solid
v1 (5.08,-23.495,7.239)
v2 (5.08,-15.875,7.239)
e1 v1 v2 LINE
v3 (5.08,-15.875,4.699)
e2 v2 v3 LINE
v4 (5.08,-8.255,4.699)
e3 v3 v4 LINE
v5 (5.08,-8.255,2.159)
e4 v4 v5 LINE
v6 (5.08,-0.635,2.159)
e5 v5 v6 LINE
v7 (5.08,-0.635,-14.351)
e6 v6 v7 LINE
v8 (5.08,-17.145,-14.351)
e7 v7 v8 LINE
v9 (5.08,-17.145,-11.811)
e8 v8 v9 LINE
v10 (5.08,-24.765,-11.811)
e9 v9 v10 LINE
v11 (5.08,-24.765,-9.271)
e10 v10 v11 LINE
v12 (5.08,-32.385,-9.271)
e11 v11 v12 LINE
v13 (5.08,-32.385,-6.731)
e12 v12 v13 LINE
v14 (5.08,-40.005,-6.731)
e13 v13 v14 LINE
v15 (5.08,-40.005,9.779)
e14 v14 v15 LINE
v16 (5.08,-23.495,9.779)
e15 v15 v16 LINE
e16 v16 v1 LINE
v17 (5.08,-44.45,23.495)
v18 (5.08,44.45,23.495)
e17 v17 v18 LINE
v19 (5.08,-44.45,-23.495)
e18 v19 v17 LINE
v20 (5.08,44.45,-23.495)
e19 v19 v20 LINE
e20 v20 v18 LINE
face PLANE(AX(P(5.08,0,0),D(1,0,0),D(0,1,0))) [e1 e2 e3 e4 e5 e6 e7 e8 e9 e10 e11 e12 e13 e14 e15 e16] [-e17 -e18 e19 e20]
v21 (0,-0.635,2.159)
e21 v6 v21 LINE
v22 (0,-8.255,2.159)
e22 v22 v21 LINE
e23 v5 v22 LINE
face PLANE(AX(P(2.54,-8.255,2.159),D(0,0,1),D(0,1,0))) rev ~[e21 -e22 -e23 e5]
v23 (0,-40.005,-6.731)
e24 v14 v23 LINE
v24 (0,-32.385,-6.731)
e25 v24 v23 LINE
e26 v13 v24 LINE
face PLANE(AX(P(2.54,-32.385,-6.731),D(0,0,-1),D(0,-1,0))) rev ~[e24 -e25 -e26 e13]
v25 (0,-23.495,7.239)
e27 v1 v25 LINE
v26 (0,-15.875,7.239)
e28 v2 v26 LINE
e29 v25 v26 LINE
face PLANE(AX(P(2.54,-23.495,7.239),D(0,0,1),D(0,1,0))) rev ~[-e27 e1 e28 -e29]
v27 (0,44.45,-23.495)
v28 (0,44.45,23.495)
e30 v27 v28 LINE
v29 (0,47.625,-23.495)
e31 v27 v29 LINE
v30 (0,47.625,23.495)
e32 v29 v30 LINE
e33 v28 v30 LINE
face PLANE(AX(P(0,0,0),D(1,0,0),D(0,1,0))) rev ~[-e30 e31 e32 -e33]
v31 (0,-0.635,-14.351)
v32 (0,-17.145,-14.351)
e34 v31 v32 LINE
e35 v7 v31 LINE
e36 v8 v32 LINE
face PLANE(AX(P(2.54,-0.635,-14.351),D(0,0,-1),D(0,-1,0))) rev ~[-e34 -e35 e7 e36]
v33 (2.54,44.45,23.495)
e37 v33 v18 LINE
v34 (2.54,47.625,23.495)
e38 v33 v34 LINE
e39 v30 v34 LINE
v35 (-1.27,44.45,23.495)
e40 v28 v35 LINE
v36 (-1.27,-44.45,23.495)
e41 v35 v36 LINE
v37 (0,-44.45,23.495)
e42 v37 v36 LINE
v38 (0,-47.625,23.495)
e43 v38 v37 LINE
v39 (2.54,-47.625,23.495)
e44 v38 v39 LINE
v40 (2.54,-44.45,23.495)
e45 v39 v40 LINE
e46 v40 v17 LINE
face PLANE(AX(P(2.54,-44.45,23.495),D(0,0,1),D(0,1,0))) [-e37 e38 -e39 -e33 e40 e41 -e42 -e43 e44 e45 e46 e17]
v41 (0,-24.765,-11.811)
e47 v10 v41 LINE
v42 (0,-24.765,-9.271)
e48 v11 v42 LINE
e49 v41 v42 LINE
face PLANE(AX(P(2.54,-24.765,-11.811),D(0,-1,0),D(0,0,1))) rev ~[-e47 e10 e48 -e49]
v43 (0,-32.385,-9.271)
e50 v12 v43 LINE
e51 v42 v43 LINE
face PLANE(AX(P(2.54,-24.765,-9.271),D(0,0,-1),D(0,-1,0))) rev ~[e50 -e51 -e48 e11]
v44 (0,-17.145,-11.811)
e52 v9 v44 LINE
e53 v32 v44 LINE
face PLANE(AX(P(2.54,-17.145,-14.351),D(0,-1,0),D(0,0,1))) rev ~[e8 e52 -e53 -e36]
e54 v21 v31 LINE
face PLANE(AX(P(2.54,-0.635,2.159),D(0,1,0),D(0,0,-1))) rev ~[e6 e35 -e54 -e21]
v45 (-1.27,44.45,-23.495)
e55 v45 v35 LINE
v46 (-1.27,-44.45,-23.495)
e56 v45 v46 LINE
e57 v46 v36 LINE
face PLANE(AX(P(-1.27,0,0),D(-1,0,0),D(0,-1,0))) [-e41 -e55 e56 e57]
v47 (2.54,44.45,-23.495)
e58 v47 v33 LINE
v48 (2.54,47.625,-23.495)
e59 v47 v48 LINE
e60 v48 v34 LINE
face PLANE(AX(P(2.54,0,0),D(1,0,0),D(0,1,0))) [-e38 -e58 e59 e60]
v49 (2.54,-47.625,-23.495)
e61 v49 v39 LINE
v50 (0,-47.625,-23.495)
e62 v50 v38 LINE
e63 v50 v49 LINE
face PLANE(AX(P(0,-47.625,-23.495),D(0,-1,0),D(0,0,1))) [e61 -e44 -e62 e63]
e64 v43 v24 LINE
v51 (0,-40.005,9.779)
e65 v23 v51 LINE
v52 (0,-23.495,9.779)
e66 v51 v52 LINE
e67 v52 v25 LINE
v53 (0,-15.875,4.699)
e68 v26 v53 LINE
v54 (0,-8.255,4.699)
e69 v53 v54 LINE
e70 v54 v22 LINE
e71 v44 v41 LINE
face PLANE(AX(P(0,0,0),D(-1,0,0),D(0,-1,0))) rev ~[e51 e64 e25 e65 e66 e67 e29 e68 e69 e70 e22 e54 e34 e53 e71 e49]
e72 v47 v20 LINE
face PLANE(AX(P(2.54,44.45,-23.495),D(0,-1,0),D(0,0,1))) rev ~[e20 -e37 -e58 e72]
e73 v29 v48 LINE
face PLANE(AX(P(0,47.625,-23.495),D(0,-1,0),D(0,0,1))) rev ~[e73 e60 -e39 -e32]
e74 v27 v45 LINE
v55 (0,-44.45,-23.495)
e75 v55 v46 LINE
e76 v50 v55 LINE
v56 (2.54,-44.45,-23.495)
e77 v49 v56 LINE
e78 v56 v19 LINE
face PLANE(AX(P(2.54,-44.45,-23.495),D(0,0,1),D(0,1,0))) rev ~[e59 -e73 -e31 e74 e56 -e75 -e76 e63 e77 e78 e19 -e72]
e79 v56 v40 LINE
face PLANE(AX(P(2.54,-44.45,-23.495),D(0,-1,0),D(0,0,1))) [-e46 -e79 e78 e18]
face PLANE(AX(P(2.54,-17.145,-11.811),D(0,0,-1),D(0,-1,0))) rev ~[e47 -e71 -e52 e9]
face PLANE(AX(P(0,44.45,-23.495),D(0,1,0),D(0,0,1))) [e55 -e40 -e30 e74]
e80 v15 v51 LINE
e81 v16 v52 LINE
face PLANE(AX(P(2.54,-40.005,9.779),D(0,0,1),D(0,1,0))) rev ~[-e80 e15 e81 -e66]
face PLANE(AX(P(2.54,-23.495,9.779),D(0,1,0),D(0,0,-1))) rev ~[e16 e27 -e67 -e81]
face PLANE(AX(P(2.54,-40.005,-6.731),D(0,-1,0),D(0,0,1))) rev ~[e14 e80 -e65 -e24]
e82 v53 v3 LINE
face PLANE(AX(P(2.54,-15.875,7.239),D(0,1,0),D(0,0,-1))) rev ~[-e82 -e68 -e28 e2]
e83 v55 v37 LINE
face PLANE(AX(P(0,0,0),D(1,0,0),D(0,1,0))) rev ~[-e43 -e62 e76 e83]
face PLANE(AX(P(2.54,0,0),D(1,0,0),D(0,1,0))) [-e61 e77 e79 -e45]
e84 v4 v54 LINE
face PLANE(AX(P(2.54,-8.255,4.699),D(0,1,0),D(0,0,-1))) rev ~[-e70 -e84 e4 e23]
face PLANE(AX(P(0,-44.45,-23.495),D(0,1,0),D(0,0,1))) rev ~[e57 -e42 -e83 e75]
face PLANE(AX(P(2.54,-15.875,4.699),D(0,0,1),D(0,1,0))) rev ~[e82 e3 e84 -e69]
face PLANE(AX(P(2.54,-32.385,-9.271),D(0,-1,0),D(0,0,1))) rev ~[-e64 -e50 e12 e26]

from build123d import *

# Parameters (mm, degrees)
F0_W     = 95.25
F0_H     = 46.99
F1_DEPTH = 2.54
F2_W     = 88.9
F2_H     = 46.99
F3_DEPTH = 1.27
F4_W     = 88.9
F4_H     = 46.99
F5_DEPTH = 2.54


with BuildPart() as f1:
    # F0 (on Right) → F1 (new body)
    with BuildSketch(Plane.YZ):
        Rectangle(F0_W, F0_H)
        Polygon((-0.635, 2.159), (-0.635, -14.351), (-17.145, -14.351), (-17.145, -11.811), (-24.765, -11.811), (-24.765, -9.271), (-32.385, -9.271), (-32.385, -6.731), (-40.005, -6.731), (-40.005, 9.779), (-23.495, 9.779), (-23.495, 7.239), (-15.875, 7.239), (-15.875, 4.699), (-8.255, 4.699), (-8.255, 2.159), align=None, mode=Mode.SUBTRACT)
    extrude(amount=F1_DEPTH)

    # F2 (on face) → F3 (join)
    with BuildSketch(Plane(origin=(0, 0, 0), x_dir=(0, -1, 0), z_dir=(-1, 0, 0))):
        Rectangle(F2_W, F2_H)
        Polygon((0.635, 2.159), (8.255, 2.159), (8.255, 4.699), (15.875, 4.699), (15.875, 7.239), (23.495, 7.239), (23.495, 9.779), (40.005, 9.779), (40.005, -6.731), (32.385, -6.731), (32.385, -9.271), (24.765, -9.271), (24.765, -11.811), (17.145, -11.811), (17.145, -14.351), (0.635, -14.351), align=None, mode=Mode.SUBTRACT)
        Polygon((8.255, 4.699), (8.255, 2.159), (0.635, 2.159), (0.635, -14.351), (17.145, -14.351), (17.145, -11.811), (24.765, -11.811), (24.765, -9.271), (32.385, -9.271), (32.385, -6.731), (40.005, -6.731), (40.005, 9.779), (23.495, 9.779), (23.495, 7.239), (15.875, 7.239), (15.875, 4.699), align=None)
    extrude(amount=F3_DEPTH)

    # F4 (on face) → F5 (join)
    with BuildSketch(Plane.YZ.offset(2.54)):
        Rectangle(F4_W, F4_H)
        Polygon((-15.875, 4.699), (-8.255, 4.699), (-8.255, 2.159), (-0.635, 2.159), (-0.635, -14.351), (-17.145, -14.351), (-17.145, -11.811), (-24.765, -11.811), (-24.765, -9.271), (-32.385, -9.271), (-32.385, -6.731), (-40.005, -6.731), (-40.005, 9.779), (-23.495, 9.779), (-23.495, 7.239), (-15.875, 7.239), align=None, mode=Mode.SUBTRACT)
    extrude(amount=F5_DEPTH)


solid = f1.part
